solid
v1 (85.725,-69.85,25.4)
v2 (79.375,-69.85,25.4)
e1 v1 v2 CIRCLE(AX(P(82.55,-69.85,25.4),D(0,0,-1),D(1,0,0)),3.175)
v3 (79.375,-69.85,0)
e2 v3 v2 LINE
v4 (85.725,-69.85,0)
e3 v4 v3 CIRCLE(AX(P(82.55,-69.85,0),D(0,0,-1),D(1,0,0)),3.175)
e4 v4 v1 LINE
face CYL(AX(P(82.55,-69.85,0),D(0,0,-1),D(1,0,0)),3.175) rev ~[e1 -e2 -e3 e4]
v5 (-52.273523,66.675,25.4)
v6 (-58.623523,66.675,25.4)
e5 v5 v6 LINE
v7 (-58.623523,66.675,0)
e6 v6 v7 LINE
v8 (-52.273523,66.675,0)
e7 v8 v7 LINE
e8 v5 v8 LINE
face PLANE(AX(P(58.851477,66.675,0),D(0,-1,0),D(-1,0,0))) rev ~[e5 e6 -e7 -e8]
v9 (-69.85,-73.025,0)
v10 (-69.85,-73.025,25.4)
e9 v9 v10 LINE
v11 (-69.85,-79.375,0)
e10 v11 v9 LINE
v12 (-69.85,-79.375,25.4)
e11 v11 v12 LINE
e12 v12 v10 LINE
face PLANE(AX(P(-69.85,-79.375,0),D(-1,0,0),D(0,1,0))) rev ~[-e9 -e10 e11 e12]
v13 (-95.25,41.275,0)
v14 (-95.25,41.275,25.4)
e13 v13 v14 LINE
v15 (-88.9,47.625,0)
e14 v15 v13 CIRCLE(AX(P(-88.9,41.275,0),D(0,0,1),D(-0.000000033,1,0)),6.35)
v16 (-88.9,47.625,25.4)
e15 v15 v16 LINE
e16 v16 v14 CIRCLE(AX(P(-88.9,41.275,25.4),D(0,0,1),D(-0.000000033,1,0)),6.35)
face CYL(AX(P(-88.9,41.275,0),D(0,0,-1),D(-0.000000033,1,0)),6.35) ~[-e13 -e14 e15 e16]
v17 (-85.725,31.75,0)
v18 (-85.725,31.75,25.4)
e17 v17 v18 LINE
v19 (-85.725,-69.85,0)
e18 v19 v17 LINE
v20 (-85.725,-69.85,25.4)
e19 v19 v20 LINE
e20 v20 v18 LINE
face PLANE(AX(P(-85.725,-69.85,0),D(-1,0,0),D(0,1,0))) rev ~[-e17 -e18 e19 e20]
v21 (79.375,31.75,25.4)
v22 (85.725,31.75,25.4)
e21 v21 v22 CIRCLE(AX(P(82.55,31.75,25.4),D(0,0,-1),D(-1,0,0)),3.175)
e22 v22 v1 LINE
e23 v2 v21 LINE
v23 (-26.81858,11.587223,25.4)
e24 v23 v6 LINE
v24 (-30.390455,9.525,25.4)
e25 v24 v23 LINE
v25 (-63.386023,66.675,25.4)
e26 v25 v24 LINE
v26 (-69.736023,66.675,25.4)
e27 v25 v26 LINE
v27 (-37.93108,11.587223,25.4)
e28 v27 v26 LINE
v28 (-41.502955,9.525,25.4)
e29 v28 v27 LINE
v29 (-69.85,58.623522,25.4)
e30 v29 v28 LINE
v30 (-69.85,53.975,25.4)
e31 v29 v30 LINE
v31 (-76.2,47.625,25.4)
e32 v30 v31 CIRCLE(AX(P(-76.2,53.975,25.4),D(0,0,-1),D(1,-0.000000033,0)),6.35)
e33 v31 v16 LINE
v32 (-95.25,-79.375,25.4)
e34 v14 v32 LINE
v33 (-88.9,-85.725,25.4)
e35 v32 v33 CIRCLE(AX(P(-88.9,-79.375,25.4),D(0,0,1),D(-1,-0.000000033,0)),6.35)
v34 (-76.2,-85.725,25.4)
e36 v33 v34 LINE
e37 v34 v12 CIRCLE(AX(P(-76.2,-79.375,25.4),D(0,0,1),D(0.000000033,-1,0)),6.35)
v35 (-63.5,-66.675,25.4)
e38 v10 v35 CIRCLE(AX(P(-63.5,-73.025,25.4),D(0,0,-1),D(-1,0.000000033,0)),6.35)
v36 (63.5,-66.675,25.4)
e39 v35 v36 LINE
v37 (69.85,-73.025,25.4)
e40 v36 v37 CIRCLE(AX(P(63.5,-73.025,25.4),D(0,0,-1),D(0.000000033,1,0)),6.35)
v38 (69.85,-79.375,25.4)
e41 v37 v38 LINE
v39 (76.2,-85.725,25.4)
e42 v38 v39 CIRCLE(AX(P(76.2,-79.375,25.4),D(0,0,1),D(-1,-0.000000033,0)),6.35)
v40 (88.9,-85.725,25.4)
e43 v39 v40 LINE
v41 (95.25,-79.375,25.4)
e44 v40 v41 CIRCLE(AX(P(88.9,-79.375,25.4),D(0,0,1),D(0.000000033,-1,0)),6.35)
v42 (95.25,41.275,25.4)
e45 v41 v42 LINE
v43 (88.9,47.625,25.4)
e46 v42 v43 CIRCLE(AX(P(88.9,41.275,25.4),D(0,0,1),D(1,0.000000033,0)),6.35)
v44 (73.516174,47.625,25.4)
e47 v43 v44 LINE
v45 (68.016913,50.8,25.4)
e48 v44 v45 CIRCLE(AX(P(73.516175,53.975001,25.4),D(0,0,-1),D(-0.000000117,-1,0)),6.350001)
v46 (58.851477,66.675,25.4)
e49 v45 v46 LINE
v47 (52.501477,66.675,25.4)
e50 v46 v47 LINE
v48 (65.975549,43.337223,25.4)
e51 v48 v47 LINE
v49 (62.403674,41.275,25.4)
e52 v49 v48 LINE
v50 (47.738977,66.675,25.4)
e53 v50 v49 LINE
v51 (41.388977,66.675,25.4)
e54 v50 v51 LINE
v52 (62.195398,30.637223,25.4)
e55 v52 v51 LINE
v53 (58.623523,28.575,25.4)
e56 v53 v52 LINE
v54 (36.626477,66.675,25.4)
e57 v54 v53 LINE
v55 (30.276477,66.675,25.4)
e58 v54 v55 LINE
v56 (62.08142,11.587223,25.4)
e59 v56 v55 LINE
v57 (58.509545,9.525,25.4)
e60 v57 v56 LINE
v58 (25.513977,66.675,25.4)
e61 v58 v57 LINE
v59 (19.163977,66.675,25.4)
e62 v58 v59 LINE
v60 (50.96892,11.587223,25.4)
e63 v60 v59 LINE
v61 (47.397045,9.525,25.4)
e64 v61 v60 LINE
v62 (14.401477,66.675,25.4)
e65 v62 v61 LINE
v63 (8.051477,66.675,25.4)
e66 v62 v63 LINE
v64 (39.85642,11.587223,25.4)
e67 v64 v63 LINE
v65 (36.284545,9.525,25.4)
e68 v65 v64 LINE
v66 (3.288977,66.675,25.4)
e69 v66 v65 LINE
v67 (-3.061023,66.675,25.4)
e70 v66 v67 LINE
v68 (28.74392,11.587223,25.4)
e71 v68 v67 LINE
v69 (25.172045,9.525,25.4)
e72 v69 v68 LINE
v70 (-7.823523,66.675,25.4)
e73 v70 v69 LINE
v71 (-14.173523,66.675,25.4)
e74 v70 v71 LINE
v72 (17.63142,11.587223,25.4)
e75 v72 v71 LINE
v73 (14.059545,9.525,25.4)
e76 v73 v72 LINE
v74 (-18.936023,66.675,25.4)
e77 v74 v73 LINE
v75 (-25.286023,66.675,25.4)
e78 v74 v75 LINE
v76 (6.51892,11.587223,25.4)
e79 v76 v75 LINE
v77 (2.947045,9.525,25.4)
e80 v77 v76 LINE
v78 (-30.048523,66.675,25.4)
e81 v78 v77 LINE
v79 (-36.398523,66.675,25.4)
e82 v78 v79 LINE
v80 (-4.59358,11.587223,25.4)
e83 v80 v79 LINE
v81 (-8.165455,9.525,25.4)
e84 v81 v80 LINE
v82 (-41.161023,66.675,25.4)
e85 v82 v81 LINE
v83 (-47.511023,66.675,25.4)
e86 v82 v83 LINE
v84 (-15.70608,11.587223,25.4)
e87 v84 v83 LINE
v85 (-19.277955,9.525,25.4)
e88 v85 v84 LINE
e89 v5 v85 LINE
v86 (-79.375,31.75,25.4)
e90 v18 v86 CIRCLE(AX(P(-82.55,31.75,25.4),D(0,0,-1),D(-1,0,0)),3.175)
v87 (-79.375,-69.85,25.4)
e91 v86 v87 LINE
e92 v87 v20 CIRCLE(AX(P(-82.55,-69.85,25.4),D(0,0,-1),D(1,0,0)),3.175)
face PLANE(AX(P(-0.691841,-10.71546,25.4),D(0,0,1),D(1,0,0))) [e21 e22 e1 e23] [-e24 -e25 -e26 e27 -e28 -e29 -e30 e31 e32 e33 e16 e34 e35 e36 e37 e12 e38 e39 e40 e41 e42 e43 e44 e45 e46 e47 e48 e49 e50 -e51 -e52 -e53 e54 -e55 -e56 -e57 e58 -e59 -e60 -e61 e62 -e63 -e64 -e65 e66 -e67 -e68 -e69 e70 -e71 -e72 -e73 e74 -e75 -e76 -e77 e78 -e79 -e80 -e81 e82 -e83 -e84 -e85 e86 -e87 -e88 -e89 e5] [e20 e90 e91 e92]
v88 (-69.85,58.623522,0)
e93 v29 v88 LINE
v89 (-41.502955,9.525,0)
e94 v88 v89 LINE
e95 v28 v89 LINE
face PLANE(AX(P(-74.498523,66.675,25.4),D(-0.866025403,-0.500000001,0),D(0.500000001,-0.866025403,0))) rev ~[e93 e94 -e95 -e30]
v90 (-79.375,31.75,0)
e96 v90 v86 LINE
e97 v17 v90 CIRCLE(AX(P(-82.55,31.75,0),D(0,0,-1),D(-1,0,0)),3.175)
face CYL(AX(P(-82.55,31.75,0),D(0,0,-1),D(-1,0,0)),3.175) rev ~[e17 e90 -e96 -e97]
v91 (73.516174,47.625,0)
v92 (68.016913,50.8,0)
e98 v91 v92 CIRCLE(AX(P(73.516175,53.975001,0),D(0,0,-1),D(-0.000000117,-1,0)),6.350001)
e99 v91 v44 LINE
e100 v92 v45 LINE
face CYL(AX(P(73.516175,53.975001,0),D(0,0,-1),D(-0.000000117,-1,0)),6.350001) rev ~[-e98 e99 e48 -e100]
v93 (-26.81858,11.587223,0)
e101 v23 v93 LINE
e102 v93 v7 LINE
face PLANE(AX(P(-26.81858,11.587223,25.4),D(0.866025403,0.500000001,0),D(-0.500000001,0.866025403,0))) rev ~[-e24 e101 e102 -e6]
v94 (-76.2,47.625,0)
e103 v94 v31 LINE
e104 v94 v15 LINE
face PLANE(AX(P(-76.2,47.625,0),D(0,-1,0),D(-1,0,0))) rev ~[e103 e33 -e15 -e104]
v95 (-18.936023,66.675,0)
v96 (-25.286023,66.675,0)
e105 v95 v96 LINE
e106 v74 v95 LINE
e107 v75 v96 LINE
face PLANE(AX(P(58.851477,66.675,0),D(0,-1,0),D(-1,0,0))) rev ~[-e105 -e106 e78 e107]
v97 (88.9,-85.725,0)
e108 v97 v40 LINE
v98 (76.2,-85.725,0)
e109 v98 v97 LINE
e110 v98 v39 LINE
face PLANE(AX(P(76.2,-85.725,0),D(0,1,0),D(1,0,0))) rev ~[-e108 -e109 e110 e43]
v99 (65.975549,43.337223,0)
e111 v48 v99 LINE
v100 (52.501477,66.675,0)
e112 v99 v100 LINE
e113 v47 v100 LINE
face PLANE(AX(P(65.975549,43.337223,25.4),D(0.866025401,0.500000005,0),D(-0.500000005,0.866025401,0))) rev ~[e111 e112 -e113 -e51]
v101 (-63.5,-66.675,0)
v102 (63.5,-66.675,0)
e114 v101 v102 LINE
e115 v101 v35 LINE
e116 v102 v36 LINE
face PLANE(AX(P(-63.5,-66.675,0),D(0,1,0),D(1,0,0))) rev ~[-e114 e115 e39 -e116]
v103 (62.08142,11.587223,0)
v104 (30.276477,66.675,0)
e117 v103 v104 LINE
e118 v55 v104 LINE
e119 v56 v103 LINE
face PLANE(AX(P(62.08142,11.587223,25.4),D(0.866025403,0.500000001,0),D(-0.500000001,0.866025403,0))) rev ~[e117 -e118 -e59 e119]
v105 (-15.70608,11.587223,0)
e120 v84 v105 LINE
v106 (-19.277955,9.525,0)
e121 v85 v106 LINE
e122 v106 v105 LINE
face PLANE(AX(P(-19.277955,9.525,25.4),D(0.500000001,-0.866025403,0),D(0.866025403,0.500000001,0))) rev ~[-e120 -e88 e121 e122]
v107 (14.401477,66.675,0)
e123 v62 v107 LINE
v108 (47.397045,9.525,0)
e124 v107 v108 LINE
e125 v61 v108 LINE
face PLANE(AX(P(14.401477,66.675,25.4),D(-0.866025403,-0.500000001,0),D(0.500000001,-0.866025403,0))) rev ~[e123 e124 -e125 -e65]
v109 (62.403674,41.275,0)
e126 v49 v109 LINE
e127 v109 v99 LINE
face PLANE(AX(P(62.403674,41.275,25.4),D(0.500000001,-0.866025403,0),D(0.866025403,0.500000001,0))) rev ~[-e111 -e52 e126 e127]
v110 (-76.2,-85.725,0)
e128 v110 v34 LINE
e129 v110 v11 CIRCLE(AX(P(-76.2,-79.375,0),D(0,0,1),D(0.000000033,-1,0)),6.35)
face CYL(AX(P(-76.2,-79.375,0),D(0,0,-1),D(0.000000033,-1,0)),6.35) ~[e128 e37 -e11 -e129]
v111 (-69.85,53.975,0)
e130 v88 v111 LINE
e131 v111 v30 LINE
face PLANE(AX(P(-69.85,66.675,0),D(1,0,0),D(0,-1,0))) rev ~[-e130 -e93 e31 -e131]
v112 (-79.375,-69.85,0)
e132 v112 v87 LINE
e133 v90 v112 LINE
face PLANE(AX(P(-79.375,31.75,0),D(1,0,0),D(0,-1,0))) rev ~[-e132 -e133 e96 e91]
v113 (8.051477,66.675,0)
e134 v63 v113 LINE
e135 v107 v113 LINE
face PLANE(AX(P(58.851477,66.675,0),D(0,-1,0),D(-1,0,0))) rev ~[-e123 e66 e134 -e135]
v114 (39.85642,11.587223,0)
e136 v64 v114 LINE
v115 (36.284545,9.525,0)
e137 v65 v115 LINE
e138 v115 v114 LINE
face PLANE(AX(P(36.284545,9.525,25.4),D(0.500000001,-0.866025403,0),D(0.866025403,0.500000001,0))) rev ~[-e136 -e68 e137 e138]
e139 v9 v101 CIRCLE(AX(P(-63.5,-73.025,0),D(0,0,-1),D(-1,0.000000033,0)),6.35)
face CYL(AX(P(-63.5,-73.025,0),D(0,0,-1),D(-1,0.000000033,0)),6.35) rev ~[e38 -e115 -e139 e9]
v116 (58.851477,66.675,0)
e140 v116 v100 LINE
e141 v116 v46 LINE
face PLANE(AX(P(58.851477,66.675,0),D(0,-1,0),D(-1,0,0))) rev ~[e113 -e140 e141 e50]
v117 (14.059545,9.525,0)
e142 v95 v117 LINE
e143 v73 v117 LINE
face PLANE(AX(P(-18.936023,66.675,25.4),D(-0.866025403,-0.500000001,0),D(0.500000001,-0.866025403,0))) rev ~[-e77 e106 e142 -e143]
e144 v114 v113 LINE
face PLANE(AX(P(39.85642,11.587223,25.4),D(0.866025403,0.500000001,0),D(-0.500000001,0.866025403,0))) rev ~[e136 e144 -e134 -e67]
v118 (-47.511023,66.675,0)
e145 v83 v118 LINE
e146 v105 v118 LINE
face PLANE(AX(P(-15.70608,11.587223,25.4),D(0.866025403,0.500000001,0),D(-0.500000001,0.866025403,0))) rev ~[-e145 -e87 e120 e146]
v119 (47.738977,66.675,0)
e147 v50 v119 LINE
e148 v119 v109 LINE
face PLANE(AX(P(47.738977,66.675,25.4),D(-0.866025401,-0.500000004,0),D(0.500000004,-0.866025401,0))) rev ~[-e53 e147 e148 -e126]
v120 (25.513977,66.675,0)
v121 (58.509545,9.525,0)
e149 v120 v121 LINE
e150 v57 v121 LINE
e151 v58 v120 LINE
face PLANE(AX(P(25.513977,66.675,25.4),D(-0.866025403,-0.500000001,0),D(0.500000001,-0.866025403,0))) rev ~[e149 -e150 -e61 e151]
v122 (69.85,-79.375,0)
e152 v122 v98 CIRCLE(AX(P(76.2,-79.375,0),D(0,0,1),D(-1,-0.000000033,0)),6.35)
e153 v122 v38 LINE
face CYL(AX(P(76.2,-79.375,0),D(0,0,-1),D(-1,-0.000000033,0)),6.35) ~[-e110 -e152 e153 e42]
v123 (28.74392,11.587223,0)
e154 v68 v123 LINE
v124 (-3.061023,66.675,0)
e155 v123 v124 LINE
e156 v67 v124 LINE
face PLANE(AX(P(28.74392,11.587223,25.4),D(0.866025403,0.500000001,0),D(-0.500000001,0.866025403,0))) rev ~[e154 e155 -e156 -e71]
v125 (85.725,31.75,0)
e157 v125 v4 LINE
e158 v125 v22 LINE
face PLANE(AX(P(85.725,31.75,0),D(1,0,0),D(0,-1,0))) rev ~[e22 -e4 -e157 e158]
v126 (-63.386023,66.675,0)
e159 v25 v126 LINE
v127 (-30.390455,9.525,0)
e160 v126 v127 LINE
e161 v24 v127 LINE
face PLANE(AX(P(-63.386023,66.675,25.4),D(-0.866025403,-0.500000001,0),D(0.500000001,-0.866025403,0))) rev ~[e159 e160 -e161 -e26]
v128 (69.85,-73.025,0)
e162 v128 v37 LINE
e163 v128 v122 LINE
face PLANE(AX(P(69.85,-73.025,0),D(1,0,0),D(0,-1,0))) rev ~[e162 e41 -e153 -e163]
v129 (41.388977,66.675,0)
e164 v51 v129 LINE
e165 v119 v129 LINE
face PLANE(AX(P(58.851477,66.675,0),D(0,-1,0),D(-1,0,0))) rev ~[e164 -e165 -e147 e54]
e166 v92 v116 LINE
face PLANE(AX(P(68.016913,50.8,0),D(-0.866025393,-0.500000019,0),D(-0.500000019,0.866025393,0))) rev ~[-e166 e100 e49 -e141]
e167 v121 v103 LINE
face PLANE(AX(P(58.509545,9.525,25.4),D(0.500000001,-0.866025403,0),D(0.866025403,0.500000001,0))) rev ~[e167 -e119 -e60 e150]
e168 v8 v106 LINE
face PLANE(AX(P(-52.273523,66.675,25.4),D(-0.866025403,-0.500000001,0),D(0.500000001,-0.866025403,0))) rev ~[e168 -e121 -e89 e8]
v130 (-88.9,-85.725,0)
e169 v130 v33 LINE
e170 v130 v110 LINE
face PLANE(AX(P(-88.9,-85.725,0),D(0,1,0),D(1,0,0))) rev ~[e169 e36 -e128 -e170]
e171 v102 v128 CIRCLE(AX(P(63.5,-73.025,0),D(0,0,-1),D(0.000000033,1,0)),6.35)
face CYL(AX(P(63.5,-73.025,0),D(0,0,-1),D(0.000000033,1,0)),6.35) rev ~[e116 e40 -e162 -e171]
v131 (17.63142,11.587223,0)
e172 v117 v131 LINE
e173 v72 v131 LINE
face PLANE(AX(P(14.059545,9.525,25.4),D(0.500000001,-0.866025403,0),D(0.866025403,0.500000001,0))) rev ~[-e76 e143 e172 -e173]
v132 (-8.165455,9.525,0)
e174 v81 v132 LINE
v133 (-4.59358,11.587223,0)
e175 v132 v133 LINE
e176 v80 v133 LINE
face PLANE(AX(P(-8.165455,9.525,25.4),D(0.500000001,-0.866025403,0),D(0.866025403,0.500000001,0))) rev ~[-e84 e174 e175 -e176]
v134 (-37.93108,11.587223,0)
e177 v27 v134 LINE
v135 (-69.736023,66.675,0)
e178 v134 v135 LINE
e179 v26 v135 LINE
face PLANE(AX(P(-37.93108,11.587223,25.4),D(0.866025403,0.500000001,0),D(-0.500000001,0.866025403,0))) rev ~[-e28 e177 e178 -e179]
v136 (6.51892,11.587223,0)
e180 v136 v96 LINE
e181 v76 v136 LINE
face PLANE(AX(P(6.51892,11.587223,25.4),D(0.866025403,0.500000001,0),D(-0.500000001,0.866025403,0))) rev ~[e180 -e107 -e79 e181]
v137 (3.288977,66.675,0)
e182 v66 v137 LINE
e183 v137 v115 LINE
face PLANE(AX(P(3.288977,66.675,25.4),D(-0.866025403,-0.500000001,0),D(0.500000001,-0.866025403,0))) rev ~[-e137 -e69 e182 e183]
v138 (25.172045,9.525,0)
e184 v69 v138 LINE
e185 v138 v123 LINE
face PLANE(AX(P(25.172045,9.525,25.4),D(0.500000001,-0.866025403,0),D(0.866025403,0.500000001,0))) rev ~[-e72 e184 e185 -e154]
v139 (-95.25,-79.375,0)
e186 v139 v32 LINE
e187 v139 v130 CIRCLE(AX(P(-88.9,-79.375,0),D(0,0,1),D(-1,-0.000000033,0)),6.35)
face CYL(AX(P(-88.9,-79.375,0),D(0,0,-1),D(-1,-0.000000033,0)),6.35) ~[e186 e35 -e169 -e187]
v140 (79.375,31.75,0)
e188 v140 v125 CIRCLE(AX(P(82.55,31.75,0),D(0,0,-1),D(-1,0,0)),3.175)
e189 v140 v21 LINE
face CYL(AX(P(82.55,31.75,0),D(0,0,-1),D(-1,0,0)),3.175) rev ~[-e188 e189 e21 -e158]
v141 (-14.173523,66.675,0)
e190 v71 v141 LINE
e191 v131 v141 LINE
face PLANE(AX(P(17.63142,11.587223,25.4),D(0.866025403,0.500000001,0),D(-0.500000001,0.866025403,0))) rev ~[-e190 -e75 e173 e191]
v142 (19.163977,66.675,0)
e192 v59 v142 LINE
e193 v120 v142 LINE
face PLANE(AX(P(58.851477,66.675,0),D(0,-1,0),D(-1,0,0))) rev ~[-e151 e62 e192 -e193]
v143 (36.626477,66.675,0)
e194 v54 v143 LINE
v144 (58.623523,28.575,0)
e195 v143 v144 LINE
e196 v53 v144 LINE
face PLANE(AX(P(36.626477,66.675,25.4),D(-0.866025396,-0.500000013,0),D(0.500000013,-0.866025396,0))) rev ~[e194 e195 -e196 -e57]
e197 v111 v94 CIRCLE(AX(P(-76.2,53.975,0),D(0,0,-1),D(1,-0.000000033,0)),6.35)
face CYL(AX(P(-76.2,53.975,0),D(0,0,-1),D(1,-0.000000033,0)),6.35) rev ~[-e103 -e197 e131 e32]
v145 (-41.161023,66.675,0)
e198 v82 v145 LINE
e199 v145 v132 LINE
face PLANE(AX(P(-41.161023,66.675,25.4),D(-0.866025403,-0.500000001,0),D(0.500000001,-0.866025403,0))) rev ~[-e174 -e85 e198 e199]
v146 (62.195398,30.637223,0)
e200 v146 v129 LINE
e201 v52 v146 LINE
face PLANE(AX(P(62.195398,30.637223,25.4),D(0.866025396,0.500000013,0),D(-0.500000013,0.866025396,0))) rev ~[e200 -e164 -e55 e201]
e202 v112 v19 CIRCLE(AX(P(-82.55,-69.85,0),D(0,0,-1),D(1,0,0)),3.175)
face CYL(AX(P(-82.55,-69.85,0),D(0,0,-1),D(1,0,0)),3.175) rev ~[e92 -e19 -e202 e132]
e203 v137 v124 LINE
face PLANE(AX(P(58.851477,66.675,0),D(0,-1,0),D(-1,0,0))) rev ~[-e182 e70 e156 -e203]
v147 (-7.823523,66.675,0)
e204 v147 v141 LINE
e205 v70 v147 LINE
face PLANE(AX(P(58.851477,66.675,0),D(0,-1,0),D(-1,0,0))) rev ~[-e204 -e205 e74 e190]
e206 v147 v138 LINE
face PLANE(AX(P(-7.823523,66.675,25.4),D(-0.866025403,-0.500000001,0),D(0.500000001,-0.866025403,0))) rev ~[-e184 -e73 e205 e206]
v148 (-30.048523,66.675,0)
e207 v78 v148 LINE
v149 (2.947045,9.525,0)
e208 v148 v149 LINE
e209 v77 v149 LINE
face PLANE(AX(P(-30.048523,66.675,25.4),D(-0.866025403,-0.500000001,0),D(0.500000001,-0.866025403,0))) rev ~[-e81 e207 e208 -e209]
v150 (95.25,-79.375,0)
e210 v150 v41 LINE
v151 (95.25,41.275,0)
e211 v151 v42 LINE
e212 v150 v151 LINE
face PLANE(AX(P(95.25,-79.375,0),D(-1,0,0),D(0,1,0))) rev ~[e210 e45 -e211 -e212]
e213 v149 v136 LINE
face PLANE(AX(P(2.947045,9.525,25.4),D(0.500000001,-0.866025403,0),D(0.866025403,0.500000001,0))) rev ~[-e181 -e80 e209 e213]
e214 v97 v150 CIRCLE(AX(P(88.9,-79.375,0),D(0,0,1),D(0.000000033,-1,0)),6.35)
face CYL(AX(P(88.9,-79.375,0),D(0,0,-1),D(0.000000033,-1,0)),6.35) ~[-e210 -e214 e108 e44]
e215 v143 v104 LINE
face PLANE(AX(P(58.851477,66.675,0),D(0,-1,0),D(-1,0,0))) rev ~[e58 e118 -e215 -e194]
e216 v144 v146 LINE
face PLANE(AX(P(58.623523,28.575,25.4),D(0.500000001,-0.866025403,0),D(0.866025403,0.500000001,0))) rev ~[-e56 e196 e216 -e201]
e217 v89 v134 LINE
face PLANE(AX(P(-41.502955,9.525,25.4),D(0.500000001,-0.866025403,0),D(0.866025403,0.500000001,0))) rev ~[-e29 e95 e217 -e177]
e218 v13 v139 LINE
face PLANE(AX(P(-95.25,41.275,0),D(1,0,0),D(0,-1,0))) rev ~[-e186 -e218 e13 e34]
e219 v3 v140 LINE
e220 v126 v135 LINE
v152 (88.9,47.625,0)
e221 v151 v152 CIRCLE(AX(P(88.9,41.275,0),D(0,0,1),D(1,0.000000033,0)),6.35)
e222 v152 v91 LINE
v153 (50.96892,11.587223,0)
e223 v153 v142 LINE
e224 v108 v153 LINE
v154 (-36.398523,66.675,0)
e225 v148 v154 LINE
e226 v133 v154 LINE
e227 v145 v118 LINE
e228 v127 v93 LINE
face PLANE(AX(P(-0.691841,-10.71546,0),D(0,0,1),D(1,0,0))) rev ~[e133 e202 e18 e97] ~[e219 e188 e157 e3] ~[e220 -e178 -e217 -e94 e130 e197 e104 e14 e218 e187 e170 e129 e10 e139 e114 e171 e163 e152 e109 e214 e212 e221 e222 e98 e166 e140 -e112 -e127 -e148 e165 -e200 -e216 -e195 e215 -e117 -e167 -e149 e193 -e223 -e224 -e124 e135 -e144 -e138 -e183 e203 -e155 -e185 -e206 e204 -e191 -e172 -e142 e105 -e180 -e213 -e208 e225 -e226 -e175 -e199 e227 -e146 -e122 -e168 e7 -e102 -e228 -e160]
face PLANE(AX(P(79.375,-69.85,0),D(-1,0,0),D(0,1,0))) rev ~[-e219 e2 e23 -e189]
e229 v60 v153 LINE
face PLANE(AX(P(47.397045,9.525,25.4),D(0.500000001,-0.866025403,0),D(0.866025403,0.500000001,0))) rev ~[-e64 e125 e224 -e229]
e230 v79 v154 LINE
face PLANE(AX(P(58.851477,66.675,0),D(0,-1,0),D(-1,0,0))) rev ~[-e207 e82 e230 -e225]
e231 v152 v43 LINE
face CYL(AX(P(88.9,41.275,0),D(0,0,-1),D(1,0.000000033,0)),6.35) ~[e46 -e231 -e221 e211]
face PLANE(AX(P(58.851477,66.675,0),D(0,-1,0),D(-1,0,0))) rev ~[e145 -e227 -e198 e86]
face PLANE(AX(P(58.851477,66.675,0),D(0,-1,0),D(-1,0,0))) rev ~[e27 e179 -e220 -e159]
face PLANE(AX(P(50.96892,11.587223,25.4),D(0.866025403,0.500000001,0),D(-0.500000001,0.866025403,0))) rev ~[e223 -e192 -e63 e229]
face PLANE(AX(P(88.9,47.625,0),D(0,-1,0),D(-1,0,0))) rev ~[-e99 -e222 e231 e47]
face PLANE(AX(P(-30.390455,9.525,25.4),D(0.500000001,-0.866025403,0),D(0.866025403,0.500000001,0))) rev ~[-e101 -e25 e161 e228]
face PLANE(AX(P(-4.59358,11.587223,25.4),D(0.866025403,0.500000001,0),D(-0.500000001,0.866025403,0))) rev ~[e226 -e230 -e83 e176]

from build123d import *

# Parameters (mm, degrees)
F1_DEPTH = 25.4
F3_DEPTH = 25.401
F5_DEPTH = 25.401


with BuildPart() as f1:
    # F0 (on Top) → F1 (new body)
    with BuildSketch(Plane.XY):
        with BuildLine():
            Line((58.851477, 66.675), (0, 66.675))
            Line((0, 66.675), (-69.85, 66.675))
            Line((-69.85, 66.675), (-69.85, 53.975))
            ThreePointArc((-69.85, 53.975), (-71.709872, 49.484872), (-76.2, 47.625))
            Line((-76.2, 47.625), (-88.9, 47.625))
            ThreePointArc((-88.9, 47.625), (-93.390128, 45.765128), (-95.25, 41.275))
            Line((-95.25, 41.275), (-95.25, -79.375))
            ThreePointArc((-95.25, -79.375), (-93.390128, -83.865128), (-88.9, -85.725))
            Line((-88.9, -85.725), (-76.2, -85.725))
            ThreePointArc((-76.2, -85.725), (-71.709872, -83.865128), (-69.85, -79.375))
            Line((-69.85, -79.375), (-69.85, -73.025))
            ThreePointArc((-69.85, -73.025), (-67.990128, -68.534872), (-63.5, -66.675))
            Line((-63.5, -66.675), (0, -66.675))
            Line((0, -66.675), (63.5, -66.675))
            ThreePointArc((63.5, -66.675), (67.990128, -68.534872), (69.85, -73.025))
            Line((69.85, -73.025), (69.85, -79.375))
            ThreePointArc((69.85, -79.375), (71.709872, -83.865128), (76.2, -85.725))
            Line((76.2, -85.725), (88.9, -85.725))
            ThreePointArc((88.9, -85.725), (93.390128, -83.865128), (95.25, -79.375))
            Line((95.25, -79.375), (95.25, 41.275))
            ThreePointArc((95.25, 41.275), (93.390128, 45.765128), (88.9, 47.625))
            Line((88.9, 47.625), (73.516174, 47.625))
            ThreePointArc((73.516174, 47.625), (70.341174, 48.475739), (68.016913, 50.8))
            Line((68.016913, 50.8), (58.851477, 66.675))
        make_face()
        with BuildLine():
            ThreePointArc((-85.725, 31.75), (-82.55, 34.925), (-79.375, 31.75))
            Line((-79.375, 31.75), (-79.375, -69.85))
            ThreePointArc((-79.375, -69.85), (-82.55, -73.025), (-85.725, -69.85))
            Line((-85.725, -69.85), (-85.725, 31.75))
        make_face(mode=Mode.SUBTRACT)
        with BuildLine():
            Line((79.375, -69.85), (79.375, 31.75))
            ThreePointArc((79.375, 31.75), (82.55, 34.925), (85.725, 31.75))
            Line((85.725, 31.75), (85.725, -69.85))
            ThreePointArc((85.725, -69.85), (82.55, -73.025), (79.375, -69.85))
        make_face(mode=Mode.SUBTRACT)
    extrude(amount=F1_DEPTH)

    # F2 (on face) → F3 (cut, through all)
    with BuildSketch(Plane.XY.offset(25.4)):
        Polygon((65.975549, 43.337223), (52.501477, 66.675), (47.738977, 66.675), (62.403674, 41.275), align=None)
    extrude(amount=-F3_DEPTH, mode=Mode.SUBTRACT)

    # F4 (on face) → F5 (cut, through all)
    with BuildSketch(Plane.XY.offset(25.4)):
        Polygon((62.195398, 30.637223), (41.388977, 66.675), (36.626477, 66.675), (58.623523, 28.575), align=None)
        Polygon((62.08142, 11.587223), (30.276477, 66.675), (25.513977, 66.675), (58.509545, 9.525), align=None)
        Polygon((19.163977, 66.675), (14.401477, 66.675), (47.397045, 9.525), (50.96892, 11.587223), align=None)
        Polygon((8.051477, 66.675), (3.288977, 66.675), (36.284545, 9.525), (39.85642, 11.587223), align=None)
        Polygon((-3.061023, 66.675), (-7.823523, 66.675), (25.172045, 9.525), (28.74392, 11.587223), align=None)
        Polygon((-14.173523, 66.675), (-18.936023, 66.675), (14.059545, 9.525), (17.63142, 11.587223), align=None)
        Polygon((-25.286023, 66.675), (-30.048523, 66.675), (2.947045, 9.525), (6.51892, 11.587223), align=None)
        Polygon((-36.398523, 66.675), (-41.161023, 66.675), (-8.165455, 9.525), (-4.59358, 11.587223), align=None)
        Polygon((-47.511023, 66.675), (-52.273523, 66.675), (-19.277955, 9.525), (-15.70608, 11.587223), align=None)
        Polygon((-58.623523, 66.675), (-63.386023, 66.675), (-30.390455, 9.525), (-26.81858, 11.587223), align=None)
        Polygon((-69.736023, 66.675), (-74.498523, 66.675), (-41.502955, 9.525), (-37.93108, 11.587223), align=None)
    extrude(amount=-F5_DEPTH, mode=Mode.SUBTRACT)


solid = f1.part
